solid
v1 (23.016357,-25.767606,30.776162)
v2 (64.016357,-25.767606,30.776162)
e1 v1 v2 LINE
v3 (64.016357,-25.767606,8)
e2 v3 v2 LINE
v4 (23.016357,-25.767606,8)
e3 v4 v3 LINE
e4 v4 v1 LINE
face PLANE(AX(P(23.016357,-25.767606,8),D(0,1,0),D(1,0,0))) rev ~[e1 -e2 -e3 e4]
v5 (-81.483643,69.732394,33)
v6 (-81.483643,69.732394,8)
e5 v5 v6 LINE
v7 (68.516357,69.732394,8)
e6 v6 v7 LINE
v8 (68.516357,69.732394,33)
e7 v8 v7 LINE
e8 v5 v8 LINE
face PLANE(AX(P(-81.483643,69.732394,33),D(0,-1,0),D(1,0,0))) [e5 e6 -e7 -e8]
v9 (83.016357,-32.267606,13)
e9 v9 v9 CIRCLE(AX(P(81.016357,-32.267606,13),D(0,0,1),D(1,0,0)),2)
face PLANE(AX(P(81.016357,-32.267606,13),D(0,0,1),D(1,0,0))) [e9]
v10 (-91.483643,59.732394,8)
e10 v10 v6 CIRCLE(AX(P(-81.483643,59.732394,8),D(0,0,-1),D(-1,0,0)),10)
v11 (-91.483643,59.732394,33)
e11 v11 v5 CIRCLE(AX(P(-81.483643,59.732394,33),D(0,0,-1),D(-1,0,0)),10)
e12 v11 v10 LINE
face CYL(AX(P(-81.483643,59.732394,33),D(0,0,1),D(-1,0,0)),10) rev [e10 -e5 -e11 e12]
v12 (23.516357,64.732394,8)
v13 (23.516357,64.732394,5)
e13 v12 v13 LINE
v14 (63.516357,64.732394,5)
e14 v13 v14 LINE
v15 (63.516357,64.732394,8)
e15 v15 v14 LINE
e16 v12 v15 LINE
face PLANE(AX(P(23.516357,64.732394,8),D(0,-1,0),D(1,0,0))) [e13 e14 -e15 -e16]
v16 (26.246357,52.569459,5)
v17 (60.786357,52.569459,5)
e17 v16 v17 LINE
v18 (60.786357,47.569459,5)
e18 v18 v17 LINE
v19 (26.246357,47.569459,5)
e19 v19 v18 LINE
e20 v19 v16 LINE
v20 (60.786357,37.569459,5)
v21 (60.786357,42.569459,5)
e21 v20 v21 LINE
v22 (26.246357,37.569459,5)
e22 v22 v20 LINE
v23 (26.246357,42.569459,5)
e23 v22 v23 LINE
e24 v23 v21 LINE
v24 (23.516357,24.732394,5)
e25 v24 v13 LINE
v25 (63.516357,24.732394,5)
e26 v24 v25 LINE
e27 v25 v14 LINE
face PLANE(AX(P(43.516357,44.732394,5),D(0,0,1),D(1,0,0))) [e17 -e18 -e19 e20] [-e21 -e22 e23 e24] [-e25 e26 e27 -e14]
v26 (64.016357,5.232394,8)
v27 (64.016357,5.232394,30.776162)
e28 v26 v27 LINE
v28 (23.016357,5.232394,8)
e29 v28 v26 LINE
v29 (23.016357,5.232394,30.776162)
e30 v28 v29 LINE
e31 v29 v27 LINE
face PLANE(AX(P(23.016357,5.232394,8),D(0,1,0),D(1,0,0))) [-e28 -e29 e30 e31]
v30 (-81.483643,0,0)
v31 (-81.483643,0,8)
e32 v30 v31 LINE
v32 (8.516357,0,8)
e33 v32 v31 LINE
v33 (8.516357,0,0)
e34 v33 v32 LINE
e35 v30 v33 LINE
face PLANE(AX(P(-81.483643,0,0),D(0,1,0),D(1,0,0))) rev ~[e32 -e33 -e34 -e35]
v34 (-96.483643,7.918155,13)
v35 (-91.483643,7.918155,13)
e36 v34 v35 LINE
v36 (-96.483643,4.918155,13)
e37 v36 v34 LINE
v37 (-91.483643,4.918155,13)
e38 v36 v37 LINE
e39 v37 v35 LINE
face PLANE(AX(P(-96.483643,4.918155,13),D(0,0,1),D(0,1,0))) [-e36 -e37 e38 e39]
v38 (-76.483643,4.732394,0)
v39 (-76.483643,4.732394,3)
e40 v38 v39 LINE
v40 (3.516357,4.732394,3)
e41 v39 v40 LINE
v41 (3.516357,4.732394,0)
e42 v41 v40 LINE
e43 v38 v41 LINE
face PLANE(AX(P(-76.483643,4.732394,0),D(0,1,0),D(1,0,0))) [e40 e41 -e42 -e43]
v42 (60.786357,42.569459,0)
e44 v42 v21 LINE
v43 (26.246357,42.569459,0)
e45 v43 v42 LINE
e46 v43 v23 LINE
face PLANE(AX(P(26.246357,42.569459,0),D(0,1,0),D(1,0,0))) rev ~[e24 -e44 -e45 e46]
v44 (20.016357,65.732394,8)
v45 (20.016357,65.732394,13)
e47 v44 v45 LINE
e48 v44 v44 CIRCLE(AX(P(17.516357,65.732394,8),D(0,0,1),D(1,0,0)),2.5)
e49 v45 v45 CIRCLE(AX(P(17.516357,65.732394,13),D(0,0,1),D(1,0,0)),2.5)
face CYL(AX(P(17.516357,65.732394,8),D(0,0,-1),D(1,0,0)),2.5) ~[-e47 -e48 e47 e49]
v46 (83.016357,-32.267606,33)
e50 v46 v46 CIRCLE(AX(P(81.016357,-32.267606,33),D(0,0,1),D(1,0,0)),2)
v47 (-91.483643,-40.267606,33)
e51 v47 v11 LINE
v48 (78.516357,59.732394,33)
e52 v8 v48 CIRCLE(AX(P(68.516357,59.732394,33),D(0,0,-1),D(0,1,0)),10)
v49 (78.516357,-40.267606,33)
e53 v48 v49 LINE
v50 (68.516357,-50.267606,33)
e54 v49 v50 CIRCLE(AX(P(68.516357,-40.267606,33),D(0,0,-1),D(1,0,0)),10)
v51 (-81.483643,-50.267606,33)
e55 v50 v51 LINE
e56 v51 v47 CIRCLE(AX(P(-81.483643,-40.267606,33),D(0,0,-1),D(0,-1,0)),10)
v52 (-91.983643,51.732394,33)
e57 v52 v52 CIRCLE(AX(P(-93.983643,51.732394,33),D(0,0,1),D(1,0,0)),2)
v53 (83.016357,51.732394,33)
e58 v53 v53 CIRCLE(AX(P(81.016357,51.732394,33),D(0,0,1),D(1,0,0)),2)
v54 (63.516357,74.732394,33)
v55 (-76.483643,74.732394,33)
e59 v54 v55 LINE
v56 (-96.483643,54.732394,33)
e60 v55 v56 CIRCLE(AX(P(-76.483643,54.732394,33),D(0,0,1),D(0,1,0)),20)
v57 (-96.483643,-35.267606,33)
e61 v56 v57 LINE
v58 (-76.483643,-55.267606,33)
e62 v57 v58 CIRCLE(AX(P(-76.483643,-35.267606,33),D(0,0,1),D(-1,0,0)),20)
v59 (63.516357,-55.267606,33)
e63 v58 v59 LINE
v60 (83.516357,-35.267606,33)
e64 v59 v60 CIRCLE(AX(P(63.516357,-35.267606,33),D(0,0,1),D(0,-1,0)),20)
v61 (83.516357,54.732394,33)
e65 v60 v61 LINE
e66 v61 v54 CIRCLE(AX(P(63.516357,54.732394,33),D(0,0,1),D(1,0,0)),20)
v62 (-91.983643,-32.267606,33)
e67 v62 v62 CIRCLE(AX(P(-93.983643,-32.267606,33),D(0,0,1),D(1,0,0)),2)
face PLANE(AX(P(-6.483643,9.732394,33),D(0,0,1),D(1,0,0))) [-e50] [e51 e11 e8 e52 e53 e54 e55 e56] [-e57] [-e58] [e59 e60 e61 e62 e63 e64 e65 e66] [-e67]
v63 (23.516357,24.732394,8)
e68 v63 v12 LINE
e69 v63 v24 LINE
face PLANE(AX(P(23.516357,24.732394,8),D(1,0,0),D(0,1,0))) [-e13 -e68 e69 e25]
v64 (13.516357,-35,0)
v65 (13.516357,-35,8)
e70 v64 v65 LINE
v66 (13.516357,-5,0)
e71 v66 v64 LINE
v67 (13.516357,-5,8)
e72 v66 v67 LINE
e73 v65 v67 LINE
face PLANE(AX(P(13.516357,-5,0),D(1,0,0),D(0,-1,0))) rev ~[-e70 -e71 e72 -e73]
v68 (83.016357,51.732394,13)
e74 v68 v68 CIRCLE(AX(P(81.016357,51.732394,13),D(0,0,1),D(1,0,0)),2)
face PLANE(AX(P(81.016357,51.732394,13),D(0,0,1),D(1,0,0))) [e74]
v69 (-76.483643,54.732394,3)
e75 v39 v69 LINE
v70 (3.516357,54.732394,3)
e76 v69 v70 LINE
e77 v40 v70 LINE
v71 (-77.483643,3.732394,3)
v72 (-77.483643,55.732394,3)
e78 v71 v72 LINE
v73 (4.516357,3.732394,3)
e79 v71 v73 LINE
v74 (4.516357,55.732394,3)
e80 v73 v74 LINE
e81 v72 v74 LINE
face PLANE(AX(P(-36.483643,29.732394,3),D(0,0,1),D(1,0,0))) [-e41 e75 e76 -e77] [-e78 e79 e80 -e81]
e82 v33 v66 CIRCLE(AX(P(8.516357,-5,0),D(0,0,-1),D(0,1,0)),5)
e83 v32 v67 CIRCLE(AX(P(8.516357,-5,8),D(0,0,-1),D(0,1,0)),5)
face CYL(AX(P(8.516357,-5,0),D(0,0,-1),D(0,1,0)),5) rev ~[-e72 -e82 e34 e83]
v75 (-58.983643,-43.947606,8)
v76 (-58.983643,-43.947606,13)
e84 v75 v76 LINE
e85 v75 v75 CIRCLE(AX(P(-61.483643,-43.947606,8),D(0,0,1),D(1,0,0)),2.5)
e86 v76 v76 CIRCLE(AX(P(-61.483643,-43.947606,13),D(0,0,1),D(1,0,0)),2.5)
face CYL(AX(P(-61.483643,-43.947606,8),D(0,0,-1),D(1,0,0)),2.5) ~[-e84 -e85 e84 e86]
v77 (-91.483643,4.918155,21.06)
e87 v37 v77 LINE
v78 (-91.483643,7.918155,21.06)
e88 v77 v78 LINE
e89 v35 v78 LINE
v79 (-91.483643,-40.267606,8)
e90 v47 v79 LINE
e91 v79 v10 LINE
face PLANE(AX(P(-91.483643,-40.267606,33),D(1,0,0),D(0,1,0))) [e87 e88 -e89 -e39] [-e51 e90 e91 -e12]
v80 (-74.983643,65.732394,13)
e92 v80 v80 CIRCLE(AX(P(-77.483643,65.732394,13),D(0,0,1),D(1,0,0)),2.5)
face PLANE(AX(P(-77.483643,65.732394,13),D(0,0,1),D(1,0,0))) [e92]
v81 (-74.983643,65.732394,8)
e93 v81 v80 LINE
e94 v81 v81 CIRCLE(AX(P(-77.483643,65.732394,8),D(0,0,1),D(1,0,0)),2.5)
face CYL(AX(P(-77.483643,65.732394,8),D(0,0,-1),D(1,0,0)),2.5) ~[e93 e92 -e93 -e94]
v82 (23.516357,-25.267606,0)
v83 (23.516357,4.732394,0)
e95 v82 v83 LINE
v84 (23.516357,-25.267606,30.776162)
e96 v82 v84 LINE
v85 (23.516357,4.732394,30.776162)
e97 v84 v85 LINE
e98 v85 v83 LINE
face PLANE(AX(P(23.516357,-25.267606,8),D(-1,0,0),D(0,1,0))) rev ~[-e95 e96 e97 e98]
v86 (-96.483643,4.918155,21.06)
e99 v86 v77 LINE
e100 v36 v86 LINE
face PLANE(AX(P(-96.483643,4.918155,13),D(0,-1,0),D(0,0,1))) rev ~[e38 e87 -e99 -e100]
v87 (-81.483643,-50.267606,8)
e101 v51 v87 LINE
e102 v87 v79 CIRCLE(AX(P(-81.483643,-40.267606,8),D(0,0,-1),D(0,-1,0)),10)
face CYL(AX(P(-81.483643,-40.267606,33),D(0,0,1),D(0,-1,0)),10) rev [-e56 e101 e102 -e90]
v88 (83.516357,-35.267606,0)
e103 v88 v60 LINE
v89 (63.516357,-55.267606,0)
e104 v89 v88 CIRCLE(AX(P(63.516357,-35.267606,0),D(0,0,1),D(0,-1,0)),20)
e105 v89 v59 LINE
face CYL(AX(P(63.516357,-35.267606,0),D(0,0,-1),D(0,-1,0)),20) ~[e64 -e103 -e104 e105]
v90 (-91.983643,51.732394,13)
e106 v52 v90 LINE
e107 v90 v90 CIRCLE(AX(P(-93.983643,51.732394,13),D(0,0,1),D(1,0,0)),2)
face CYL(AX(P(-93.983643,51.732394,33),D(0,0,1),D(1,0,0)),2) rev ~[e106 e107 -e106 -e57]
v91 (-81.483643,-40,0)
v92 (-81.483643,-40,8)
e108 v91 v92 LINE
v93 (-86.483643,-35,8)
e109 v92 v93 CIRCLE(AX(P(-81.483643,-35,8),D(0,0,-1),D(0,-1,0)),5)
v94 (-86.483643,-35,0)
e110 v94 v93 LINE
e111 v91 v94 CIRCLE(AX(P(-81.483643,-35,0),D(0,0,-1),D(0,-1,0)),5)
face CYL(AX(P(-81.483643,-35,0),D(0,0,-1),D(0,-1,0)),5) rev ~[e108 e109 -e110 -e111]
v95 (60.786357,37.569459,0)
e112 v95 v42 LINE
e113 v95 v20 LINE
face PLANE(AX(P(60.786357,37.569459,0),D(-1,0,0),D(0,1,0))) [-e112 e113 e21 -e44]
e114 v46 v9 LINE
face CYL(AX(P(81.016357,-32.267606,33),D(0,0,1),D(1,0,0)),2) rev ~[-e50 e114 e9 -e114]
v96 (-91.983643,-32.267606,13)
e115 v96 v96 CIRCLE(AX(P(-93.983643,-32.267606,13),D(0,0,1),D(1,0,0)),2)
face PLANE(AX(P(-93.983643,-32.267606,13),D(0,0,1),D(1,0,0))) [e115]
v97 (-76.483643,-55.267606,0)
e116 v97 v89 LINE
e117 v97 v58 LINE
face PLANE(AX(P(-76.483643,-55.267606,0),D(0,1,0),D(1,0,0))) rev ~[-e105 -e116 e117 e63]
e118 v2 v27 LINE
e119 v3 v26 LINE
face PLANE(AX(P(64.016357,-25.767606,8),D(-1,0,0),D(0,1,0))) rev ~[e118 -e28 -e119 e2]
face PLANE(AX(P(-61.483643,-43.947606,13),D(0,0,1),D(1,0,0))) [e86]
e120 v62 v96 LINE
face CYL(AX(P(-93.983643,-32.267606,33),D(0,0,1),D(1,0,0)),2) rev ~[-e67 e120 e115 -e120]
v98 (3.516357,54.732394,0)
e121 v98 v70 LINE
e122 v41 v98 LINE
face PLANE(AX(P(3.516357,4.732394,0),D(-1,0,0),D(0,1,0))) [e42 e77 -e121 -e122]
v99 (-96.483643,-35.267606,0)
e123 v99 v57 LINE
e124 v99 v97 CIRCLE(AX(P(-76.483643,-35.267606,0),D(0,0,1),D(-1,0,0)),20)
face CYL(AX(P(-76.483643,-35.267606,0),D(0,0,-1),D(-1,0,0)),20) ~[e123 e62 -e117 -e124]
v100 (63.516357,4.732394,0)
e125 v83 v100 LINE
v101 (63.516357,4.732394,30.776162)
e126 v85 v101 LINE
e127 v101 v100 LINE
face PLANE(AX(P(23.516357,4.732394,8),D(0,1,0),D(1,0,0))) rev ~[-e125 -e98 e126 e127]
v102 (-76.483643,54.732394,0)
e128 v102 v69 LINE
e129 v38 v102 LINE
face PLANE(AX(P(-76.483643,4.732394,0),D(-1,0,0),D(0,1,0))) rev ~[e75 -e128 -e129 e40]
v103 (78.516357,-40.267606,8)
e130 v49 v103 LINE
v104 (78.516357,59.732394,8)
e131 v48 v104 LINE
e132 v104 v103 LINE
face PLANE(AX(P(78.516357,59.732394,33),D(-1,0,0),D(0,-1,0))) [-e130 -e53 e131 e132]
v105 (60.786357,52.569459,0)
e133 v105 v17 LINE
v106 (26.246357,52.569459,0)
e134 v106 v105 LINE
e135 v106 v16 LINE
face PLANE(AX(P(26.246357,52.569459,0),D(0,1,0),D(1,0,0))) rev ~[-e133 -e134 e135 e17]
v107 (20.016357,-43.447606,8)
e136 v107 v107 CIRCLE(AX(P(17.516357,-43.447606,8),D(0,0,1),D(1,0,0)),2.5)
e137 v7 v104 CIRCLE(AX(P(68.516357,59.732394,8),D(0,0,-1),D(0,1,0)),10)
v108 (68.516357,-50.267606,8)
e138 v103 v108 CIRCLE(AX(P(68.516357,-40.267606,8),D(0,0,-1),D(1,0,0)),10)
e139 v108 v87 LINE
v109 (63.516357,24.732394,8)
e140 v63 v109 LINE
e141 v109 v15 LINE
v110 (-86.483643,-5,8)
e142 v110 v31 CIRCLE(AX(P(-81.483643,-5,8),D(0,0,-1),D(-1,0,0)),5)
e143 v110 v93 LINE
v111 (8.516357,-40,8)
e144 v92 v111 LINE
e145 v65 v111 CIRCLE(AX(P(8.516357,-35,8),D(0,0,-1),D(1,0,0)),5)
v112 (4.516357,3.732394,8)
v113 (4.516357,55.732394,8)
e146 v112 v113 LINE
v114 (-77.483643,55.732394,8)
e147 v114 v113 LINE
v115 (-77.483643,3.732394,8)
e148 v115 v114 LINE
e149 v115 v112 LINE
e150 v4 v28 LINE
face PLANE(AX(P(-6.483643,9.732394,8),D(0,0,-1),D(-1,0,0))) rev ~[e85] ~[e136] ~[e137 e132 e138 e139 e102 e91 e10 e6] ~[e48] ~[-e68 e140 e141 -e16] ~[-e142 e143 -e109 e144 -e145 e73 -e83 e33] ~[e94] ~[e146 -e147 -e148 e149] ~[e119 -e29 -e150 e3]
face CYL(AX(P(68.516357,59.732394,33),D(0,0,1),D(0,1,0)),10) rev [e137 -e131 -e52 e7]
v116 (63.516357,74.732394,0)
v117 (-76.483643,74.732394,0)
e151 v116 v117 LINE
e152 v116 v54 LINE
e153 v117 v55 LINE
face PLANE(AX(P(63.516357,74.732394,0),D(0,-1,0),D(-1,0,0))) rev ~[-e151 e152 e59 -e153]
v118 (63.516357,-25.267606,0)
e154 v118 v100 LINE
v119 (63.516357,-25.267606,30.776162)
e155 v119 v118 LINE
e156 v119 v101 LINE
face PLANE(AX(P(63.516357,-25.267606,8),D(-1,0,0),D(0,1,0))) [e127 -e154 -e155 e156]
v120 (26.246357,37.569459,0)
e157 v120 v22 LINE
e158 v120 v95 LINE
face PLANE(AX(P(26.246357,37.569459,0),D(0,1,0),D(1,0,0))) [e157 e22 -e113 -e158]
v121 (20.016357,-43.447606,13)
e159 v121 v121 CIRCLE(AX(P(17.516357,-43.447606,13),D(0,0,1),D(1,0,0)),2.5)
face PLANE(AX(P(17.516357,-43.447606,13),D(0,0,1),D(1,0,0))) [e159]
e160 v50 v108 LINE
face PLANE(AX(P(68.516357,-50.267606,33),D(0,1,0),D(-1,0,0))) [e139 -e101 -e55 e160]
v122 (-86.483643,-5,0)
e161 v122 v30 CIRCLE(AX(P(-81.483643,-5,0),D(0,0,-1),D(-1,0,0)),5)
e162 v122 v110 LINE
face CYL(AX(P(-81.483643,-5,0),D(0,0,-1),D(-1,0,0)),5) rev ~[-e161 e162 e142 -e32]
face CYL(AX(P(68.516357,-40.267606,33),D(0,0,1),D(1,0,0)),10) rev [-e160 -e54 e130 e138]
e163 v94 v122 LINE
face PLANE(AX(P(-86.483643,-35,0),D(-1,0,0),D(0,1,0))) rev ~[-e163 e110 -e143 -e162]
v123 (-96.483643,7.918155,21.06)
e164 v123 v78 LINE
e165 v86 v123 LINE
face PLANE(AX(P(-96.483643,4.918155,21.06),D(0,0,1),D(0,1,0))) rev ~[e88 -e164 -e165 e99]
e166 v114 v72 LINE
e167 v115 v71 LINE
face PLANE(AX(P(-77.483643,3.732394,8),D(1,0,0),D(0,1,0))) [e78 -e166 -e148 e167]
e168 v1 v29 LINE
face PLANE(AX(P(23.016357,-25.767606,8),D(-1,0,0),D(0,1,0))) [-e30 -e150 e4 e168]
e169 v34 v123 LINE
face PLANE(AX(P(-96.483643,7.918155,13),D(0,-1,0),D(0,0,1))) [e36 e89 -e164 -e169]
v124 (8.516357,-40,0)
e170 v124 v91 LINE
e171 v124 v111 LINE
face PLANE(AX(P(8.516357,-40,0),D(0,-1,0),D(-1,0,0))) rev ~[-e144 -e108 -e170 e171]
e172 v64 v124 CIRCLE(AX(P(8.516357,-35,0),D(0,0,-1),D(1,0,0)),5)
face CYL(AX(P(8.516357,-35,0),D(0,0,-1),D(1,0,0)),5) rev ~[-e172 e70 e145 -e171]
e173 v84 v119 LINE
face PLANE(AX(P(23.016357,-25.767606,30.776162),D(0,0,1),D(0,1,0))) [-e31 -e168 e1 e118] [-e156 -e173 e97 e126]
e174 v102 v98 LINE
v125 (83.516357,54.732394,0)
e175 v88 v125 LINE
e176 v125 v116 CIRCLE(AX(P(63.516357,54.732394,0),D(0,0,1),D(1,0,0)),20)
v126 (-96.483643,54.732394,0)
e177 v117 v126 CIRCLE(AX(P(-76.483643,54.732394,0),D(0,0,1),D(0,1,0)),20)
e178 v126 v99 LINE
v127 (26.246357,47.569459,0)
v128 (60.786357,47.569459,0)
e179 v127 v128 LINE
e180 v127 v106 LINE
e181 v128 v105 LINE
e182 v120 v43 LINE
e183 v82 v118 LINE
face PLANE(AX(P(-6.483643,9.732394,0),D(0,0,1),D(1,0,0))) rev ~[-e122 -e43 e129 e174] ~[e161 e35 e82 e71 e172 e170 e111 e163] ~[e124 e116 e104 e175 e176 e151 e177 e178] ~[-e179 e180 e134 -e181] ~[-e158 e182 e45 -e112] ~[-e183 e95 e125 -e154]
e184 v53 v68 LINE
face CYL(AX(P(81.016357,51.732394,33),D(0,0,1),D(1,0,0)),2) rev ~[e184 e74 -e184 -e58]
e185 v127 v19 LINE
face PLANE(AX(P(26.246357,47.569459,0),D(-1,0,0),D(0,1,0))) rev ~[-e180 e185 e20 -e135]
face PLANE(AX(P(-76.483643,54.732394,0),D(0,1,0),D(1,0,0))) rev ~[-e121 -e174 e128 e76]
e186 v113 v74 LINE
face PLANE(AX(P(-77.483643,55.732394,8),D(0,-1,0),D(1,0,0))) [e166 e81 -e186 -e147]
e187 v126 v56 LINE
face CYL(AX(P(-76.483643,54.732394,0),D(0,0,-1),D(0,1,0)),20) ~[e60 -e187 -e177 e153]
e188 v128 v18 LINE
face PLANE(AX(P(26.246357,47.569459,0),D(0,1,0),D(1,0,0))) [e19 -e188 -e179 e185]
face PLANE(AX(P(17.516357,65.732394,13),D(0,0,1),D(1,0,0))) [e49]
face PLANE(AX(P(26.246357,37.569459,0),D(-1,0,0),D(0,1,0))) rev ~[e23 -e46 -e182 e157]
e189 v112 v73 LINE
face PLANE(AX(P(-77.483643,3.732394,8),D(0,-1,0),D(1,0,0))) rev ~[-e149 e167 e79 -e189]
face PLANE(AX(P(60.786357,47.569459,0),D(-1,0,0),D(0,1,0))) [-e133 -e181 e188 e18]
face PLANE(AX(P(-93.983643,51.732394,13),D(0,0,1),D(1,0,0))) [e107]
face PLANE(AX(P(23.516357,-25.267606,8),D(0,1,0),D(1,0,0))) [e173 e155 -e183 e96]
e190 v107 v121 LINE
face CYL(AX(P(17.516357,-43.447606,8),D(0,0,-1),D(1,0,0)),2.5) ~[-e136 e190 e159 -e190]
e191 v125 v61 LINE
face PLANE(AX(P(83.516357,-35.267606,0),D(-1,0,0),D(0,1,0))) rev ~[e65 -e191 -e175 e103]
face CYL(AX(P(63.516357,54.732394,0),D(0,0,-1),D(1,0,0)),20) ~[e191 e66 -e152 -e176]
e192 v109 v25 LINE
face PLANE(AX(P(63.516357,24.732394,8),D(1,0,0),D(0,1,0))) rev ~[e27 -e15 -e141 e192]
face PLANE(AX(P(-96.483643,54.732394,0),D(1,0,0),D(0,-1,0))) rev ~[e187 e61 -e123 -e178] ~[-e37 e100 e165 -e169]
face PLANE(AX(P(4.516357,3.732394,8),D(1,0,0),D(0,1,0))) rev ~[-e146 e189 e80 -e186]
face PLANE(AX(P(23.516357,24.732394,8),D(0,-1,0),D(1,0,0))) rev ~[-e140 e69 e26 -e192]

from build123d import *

# Parameters (mm, degrees)
SKETCH2_W           = 40
SKETCH2_H           = 30
SKETCH2_W_2         = 80
SKETCH2_H_2         = 50
SKETCH2_W_3         = 34.54
SKETCH2_H_3         = 5
BOSS_EXTRUDE5_DEPTH = 33
CUT_EXTRUDE1_DEPTH  = 25
SKETCH5_W           = 40
SKETCH5_H           = 40
CUT_EXTRUDE2_DEPTH  = 3
SKETCH6_W           = 41
SKETCH6_H           = 31
SKETCH6_W_2         = 40
SKETCH6_H_2         = 30
BOSS_EXTRUDE6_DEPTH = 30
SKETCH7_W           = 82
SKETCH7_H           = 52
SKETCH7_W_2         = 80
SKETCH7_H_2         = 50
CUT_EXTRUDE3_DEPTH  = 5
SKETCH8_R           = 2.5
BOSS_EXTRUDE7_DEPTH = 5
SKETCH10_W          = 7.223837829
SKETCH10_H          = 31
CUT_EXTRUDE6_DEPTH  = 41
SKETCH14_R          = 2
CUT_EXTRUDE9_DEPTH  = 20
SKETCH9_W           = 8.06
SKETCH9_H           = 3
CUT_EXTRUDE11_DEPTH = 5


with BuildPart() as part:
    # Sketch2 → Boss-Extrude5 (new body)
    with BuildSketch(Plane.XY):
        with BuildLine():
            ThreePointArc((-76.48364315, 74.732394366), (-90.625778773, 68.87452999), (-96.48364315, 54.732394366))
            Line((-96.48364315, 54.732394366), (-96.48364315, -35.267605634))
            ThreePointArc((-96.48364315, -35.267605634), (-90.625778773, -49.409741258), (-76.48364315, -55.267605634))
            Line((-76.48364315, -55.267605634), (63.51635685, -55.267605634))
            ThreePointArc((63.51635685, -55.267605634), (77.658492474, -49.409741258), (83.51635685, -35.267605634))
            Line((83.51635685, -35.267605634), (83.51635685, 54.732394366))
            ThreePointArc((83.51635685, 54.732394366), (77.658492474, 68.87452999), (63.51635685, 74.732394366))
            Line((63.51635685, 74.732394366), (-76.48364315, 74.732394366))
        make_face()
        with Locations((43.51635685, -10.267605634)):
            Rectangle(SKETCH2_W, SKETCH2_H, mode=Mode.SUBTRACT)
        with BuildLine():
            ThreePointArc((-86.48364315, -5), (-85.019177056, -1.464466094), (-81.48364315, 0))
            Line((-81.48364315, 0), (8.51635685, 0))
            ThreePointArc((8.51635685, 0), (12.051890756, -1.464466094), (13.51635685, -5))
            Line((13.51635685, -5), (13.51635685, -35))
            ThreePointArc((13.51635685, -35), (12.051890756, -38.535533906), (8.51635685, -40))
            Line((8.51635685, -40), (-81.48364315, -40))
            ThreePointArc((-81.48364315, -40), (-85.019177056, -38.535533906), (-86.48364315, -35))
            Line((-86.48364315, -35), (-86.48364315, -5))
        make_face(mode=Mode.SUBTRACT)
        with Locations((-36.48364315, 29.732394366)):
            Rectangle(SKETCH2_W_2, SKETCH2_H_2, mode=Mode.SUBTRACT)
        with Locations((43.51635685, 50.069459439)):
            Rectangle(SKETCH2_W_3, SKETCH2_H_3, mode=Mode.SUBTRACT)
        with Locations((43.51635685, 40.069459439)):
            Rectangle(SKETCH2_W_3, SKETCH2_H_3, mode=Mode.SUBTRACT)
    extrude(amount=BOSS_EXTRUDE5_DEPTH)

    # Sketch4 → Cut-Extrude1 (cut)
    with BuildSketch(Plane.XY.offset(33)):
        with BuildLine():
            Line((-81.48364315, 69.732394366), (68.51635685, 69.732394366))
            ThreePointArc((68.51635685, 69.732394366), (75.587424662, 66.803462178), (78.51635685, 59.732394366))
            Line((78.51635685, 59.732394366), (78.51635685, -40.267605634))
            ThreePointArc((78.51635685, -40.267605634), (75.587424662, -47.338673446), (68.51635685, -50.267605634))
            Line((68.51635685, -50.267605634), (-81.48364315, -50.267605634))
            ThreePointArc((-81.48364315, -50.267605634), (-88.554710961, -47.338673446), (-91.48364315, -40.267605634))
            Line((-91.48364315, -40.267605634), (-91.48364315, 59.732394366))
            ThreePointArc((-91.48364315, 59.732394366), (-88.554710961, 66.803462178), (-81.48364315, 69.732394366))
        make_face()
    extrude(amount=-CUT_EXTRUDE1_DEPTH, mode=Mode.SUBTRACT)

    # Sketch5 → Cut-Extrude2 (cut)
    with BuildSketch(Plane.XY.offset(8)):
        with Locations((43.51635685, 44.732394366)):
            Rectangle(SKETCH5_W, SKETCH5_H)
    extrude(amount=-CUT_EXTRUDE2_DEPTH, mode=Mode.SUBTRACT)

    # Sketch6 → Boss-Extrude6 (add)
    with BuildSketch(Plane.XY.offset(8)):
        with Locations((43.51635685, -10.267605634)):
            Rectangle(SKETCH6_W, SKETCH6_H)
        with Locations((43.51635685, -10.267605634)):
            Rectangle(SKETCH6_W_2, SKETCH6_H_2, mode=Mode.SUBTRACT)
    extrude(amount=BOSS_EXTRUDE6_DEPTH)

    # Sketch7 → Cut-Extrude3 (cut)
    with BuildSketch(Plane.XY.offset(8)):
        with Locations((-36.48364315, 29.732394366)):
            Rectangle(SKETCH7_W, SKETCH7_H)
        with Locations((-36.48364315, 29.732394366)):
            Rectangle(SKETCH7_W_2, SKETCH7_H_2, mode=Mode.SUBTRACT)
    extrude(amount=-CUT_EXTRUDE3_DEPTH, mode=Mode.SUBTRACT)

    # Sketch8 → Boss-Extrude7 (add)
    with BuildSketch(Plane.XY.offset(8)):
        with Locations((-77.48364315, 65.732394366)):
            Circle(SKETCH8_R)
        with Locations((17.51635685, 65.732394366)):
            Circle(SKETCH8_R)
        with Locations((-61.48364315, -43.947605634)):
            Circle(SKETCH8_R)
        with Locations((17.51635685, -43.447605634)):
            Circle(SKETCH8_R)
    extrude(amount=BOSS_EXTRUDE7_DEPTH)

    # Sketch10 → Cut-Extrude6 (cut)
    with BuildSketch(Plane.ZY.offset(-23.01635685)):
        with Locations((34.388081086, -10.267605634)):
            Rectangle(SKETCH10_W, SKETCH10_H)
    extrude(amount=-CUT_EXTRUDE6_DEPTH, mode=Mode.SUBTRACT)

    # Sketch14 → Cut-Extrude9 (cut)
    with BuildSketch(Plane.XY.offset(33)):
        with Locations((-93.98364315, 51.732394366)):
            Circle(SKETCH14_R)
        with Locations((81.01635685, 51.732394366)):
            Circle(SKETCH14_R)
        with Locations((81.01635685, -32.267605634)):
            Circle(SKETCH14_R)
        with Locations((-93.98364315, -32.267605634)):
            Circle(SKETCH14_R)
    extrude(amount=-CUT_EXTRUDE9_DEPTH, mode=Mode.SUBTRACT)

    # Sketch9 → Cut-Extrude11 (cut)
    with BuildSketch(Plane.ZY.offset(96.48364315)):
        with Locations((17.03, 6.418155037)):
            Rectangle(SKETCH9_W, SKETCH9_H)
    extrude(amount=-CUT_EXTRUDE11_DEPTH, mode=Mode.SUBTRACT)


solid = part.part
